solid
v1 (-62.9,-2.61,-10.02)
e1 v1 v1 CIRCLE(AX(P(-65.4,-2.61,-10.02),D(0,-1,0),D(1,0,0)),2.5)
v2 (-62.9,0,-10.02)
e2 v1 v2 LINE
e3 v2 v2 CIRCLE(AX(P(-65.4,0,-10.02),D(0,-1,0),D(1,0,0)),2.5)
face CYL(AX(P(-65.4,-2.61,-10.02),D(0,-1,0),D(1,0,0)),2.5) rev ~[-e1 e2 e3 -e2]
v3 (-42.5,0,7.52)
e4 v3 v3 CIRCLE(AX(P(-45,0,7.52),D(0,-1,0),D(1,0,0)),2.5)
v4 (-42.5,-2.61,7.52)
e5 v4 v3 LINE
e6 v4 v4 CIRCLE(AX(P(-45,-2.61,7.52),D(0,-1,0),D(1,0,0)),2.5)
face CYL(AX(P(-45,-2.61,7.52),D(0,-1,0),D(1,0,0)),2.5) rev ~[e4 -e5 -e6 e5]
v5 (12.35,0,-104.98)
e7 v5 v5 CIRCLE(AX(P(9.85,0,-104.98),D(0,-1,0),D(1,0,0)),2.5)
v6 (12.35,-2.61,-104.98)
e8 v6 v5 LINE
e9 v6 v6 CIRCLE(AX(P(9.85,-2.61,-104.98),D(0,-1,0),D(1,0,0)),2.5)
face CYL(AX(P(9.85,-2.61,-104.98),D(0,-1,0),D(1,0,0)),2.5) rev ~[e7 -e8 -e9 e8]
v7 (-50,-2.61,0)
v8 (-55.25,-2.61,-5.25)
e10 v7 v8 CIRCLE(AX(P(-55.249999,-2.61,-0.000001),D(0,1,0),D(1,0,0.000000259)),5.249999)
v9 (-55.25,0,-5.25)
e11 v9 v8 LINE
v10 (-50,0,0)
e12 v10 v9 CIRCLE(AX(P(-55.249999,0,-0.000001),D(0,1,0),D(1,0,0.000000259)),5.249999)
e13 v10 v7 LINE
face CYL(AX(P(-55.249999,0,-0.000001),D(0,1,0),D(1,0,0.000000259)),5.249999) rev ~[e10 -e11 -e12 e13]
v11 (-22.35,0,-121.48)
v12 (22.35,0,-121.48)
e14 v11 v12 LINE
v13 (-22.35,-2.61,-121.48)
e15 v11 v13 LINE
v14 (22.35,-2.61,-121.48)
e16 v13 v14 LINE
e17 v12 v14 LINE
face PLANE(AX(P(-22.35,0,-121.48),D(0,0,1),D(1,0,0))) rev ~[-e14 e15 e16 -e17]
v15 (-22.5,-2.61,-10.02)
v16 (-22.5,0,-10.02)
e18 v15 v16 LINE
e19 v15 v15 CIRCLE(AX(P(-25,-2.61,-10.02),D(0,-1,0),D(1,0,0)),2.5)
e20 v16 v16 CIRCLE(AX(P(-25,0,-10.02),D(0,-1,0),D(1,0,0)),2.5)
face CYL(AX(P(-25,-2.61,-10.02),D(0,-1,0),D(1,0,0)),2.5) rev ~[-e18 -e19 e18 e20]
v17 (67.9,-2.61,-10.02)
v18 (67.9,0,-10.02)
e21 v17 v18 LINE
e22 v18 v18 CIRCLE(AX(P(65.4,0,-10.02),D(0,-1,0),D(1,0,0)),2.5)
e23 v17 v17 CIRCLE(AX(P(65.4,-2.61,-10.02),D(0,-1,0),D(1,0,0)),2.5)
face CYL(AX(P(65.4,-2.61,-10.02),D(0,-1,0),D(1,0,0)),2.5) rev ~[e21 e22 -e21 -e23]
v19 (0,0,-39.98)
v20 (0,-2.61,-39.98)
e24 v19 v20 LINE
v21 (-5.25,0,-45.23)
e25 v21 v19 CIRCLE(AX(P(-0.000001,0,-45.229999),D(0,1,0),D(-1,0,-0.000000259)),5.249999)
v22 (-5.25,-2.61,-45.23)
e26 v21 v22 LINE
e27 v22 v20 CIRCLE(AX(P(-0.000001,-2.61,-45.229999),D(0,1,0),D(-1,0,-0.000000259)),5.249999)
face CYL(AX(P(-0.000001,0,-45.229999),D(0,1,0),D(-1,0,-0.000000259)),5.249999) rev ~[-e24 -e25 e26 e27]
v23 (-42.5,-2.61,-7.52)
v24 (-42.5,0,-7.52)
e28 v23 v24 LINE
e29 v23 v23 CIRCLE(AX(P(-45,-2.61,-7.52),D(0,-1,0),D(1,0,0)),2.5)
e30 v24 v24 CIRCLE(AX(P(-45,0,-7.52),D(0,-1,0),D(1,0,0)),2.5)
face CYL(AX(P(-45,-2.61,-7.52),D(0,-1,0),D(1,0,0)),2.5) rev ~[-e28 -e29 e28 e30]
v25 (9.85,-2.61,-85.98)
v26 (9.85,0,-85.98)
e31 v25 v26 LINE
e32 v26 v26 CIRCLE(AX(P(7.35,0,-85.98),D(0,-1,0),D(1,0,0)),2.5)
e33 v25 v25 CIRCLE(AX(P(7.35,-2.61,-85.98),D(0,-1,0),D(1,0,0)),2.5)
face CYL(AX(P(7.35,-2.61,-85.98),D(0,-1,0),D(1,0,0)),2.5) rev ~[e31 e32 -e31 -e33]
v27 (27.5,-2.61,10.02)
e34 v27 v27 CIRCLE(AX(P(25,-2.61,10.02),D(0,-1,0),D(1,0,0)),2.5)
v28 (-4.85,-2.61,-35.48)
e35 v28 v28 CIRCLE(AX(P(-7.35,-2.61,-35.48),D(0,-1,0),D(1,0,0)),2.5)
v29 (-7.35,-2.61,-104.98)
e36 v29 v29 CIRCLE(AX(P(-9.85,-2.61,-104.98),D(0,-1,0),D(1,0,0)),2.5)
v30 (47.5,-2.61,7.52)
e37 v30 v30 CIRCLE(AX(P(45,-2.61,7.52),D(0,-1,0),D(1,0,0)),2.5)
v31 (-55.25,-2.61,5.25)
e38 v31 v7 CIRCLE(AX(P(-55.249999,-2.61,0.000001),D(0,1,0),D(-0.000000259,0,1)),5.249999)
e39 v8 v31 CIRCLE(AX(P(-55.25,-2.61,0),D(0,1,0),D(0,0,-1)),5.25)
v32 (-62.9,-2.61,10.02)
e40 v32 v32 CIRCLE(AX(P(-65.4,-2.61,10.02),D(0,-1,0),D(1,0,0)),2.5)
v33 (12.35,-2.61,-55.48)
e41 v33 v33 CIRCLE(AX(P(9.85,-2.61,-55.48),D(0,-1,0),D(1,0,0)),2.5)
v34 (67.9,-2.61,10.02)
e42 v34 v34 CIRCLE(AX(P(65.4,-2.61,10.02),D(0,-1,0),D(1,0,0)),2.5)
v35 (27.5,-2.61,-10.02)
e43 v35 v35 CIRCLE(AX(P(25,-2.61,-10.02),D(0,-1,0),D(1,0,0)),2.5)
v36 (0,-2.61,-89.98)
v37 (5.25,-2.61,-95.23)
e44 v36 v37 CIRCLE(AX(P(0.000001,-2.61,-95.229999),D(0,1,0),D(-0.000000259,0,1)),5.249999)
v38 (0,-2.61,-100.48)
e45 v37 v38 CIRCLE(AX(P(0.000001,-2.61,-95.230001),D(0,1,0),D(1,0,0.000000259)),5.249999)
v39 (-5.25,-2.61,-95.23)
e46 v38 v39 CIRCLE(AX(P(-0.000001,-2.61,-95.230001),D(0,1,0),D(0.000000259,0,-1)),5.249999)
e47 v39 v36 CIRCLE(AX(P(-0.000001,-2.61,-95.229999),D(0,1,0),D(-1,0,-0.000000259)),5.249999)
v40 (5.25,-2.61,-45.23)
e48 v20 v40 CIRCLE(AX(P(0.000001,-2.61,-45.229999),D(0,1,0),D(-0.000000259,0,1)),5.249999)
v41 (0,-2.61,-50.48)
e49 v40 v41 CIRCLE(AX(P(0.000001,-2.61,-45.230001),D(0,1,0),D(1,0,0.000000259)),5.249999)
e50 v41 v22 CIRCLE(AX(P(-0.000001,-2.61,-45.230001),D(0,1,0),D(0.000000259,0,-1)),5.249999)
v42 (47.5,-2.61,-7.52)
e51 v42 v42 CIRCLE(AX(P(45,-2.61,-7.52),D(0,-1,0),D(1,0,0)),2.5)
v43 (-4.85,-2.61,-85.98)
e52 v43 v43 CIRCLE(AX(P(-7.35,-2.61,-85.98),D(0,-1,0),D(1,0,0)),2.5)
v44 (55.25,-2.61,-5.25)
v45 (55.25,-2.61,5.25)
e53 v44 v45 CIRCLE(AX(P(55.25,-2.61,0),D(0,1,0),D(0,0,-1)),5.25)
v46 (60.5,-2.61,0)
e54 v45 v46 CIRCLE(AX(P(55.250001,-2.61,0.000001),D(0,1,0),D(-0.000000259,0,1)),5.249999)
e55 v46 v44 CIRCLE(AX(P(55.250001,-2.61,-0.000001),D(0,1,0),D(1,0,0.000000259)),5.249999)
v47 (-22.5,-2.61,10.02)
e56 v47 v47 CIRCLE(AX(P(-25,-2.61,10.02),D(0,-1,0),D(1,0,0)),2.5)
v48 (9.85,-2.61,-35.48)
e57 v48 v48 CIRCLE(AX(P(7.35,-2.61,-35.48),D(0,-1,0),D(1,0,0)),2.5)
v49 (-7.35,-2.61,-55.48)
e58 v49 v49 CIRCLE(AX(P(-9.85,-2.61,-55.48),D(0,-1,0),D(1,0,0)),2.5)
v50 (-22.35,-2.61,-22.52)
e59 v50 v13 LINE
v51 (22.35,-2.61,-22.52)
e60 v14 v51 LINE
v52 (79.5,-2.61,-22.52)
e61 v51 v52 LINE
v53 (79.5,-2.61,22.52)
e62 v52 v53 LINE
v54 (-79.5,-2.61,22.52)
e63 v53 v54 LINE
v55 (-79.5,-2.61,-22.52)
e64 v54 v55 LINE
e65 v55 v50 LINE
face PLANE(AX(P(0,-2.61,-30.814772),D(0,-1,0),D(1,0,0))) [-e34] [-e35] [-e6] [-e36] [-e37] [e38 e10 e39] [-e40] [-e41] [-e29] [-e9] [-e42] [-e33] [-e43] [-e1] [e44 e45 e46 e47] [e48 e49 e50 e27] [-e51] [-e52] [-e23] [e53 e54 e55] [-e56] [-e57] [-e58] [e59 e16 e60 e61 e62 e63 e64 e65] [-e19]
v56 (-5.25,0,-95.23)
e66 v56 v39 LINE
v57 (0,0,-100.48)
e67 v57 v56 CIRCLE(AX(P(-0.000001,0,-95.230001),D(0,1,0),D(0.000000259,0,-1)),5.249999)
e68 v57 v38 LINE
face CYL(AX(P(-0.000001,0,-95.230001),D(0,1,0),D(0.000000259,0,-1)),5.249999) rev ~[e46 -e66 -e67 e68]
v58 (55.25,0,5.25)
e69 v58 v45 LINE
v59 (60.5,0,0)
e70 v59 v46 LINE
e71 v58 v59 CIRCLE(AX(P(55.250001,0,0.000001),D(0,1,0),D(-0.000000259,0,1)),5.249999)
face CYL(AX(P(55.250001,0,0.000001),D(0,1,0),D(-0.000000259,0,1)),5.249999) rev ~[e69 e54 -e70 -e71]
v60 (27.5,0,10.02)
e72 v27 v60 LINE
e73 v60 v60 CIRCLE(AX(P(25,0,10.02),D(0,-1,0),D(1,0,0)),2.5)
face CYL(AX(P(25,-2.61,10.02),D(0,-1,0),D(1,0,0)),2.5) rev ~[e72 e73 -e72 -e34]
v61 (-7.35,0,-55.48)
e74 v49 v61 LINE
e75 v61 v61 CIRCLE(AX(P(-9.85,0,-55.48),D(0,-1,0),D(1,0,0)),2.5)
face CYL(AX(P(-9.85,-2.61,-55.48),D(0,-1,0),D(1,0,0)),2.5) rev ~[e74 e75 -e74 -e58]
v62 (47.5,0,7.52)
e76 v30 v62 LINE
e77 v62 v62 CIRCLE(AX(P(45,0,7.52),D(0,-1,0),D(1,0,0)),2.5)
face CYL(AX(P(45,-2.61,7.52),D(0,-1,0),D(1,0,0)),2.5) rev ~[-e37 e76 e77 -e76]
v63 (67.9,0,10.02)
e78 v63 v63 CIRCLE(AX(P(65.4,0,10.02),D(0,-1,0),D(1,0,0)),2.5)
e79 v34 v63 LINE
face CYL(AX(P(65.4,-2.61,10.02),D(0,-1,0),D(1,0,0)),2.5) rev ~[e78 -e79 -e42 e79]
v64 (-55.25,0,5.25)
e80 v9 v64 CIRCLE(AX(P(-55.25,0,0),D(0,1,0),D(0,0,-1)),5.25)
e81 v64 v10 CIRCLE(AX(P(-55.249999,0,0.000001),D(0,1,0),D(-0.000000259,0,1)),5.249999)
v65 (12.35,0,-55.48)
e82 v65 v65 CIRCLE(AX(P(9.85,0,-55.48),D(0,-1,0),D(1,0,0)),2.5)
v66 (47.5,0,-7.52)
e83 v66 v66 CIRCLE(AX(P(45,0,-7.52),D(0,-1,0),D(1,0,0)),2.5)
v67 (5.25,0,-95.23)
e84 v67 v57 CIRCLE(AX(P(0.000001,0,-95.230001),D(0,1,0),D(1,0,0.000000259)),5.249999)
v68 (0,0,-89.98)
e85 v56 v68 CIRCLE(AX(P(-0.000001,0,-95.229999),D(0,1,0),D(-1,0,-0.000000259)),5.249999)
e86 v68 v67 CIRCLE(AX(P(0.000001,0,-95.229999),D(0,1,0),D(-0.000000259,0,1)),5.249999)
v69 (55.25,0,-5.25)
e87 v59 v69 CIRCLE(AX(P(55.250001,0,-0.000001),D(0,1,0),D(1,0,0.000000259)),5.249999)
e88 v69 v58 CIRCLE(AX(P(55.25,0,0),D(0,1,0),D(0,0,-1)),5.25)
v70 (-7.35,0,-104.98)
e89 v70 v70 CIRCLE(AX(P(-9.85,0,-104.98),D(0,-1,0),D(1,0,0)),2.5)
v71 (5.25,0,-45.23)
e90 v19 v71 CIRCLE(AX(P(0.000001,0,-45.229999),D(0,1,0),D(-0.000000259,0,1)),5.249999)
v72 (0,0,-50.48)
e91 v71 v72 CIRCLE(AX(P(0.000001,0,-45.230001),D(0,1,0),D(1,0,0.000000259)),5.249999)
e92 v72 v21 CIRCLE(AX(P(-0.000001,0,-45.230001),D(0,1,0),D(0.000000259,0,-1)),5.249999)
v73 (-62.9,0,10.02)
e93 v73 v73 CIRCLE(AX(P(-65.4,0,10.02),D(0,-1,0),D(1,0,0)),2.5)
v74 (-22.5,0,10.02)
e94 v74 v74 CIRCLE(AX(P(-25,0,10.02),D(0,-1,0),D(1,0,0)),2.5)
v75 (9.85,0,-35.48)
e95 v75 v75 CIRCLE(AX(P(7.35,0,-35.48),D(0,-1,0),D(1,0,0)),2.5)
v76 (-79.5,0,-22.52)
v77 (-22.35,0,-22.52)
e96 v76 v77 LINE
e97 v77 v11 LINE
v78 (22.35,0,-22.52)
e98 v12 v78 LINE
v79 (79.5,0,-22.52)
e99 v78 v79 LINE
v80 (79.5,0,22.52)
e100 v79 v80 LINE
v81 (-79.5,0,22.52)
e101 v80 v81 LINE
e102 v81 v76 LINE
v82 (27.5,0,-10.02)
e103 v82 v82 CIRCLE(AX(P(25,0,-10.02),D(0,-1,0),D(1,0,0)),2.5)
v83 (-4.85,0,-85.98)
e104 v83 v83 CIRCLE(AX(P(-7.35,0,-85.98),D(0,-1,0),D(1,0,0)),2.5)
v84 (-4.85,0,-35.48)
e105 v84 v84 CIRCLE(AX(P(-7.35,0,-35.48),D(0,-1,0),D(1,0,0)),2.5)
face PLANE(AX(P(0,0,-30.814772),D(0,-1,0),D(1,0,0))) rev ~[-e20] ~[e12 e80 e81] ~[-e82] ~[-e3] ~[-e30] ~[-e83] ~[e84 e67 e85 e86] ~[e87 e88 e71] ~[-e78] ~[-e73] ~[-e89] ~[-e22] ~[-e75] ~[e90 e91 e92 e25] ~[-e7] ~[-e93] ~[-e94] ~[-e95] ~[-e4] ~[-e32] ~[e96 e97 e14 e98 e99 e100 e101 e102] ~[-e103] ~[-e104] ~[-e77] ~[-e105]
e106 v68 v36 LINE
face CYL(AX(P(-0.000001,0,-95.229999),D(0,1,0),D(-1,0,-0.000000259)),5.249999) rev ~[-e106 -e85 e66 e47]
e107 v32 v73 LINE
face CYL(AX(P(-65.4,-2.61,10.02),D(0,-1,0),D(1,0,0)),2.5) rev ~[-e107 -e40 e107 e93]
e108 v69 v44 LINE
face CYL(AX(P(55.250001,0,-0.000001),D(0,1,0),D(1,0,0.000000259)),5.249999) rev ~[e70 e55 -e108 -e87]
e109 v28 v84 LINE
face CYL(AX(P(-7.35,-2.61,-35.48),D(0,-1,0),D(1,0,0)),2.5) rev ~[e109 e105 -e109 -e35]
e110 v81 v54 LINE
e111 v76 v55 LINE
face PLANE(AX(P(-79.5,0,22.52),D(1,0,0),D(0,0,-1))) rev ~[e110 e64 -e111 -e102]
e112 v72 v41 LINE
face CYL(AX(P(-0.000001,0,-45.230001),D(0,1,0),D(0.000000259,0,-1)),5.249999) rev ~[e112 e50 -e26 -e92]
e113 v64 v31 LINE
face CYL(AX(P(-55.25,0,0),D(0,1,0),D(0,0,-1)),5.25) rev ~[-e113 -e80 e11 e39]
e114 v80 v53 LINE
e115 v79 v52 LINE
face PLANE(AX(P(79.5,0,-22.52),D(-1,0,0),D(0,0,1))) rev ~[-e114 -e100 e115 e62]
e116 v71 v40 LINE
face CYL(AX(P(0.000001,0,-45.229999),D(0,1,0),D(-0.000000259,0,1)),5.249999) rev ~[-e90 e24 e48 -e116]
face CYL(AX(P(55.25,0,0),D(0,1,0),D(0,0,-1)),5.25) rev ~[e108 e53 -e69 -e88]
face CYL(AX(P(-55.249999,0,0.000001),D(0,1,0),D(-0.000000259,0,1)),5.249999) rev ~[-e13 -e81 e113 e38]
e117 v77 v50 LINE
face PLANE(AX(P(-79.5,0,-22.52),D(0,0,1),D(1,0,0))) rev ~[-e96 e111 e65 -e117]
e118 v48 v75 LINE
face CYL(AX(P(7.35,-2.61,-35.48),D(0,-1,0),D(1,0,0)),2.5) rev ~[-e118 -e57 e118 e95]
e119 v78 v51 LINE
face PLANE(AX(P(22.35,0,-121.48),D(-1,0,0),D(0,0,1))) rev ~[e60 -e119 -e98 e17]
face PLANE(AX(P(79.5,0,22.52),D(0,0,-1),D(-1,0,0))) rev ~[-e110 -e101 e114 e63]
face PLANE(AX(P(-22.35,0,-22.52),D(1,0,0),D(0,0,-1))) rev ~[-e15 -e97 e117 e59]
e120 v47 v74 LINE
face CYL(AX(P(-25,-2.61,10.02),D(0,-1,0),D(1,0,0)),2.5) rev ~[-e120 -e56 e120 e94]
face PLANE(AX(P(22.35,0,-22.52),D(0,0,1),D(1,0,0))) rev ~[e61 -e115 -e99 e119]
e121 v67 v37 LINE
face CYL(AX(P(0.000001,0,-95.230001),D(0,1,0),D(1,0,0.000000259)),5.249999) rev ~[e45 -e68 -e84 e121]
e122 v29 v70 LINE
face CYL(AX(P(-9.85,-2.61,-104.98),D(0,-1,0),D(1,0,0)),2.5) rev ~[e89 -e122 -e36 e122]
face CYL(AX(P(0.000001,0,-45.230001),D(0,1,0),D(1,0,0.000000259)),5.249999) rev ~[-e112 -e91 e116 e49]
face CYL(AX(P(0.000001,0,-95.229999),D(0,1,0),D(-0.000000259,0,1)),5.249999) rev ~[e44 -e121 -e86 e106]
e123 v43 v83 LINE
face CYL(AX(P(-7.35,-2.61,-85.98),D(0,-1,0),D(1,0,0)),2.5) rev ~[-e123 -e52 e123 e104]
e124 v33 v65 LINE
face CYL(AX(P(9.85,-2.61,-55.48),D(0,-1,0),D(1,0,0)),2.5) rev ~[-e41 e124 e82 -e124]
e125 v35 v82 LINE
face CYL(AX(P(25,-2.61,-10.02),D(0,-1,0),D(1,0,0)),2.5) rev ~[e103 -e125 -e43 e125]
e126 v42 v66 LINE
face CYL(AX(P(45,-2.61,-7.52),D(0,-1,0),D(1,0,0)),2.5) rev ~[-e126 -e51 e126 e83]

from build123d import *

# Parameters (mm, degrees)
F1_DEPTH = 2.61
F2_R     = 2.5
F3_DEPTH = 2.611


with BuildPart() as f1:
    # F0 (on Front) → F1 (new body)
    with BuildSketch(Plane.XZ):
        Polygon((79.5, -22.52), (79.5, 22.52), (-79.5, 22.52), (-79.5, -22.52), (-22.35, -22.52), (-22.35, -121.48), (22.35, -121.48), (22.35, -22.52), align=None)
        with BuildLine():
            ThreePointArc((0, -89.98), (3.712311, -91.517689), (5.25, -95.23))
            ThreePointArc((5.25, -95.23), (3.712311, -98.942311), (0, -100.48))
            ThreePointArc((0, -100.48), (-3.712311, -98.942311), (-5.25, -95.23))
            ThreePointArc((-5.25, -95.23), (-3.712311, -91.517689), (0, -89.98))
        make_face(mode=Mode.SUBTRACT)
        with BuildLine():
            ThreePointArc((-55.25, 5.25), (-51.537689, 3.712311), (-50, 0))
            ThreePointArc((-50, 0), (-51.537689, -3.712311), (-55.25, -5.25))
            ThreePointArc((-55.25, -5.25), (-60.5, 0), (-55.25, 5.25))
        make_face(mode=Mode.SUBTRACT)
        with BuildLine():
            ThreePointArc((-5.25, -45.23), (-3.712311, -41.517689), (0, -39.98))
            ThreePointArc((0, -39.98), (3.712311, -41.517689), (5.25, -45.23))
            ThreePointArc((5.25, -45.23), (3.712311, -48.942311), (0, -50.48))
            ThreePointArc((0, -50.48), (-3.712311, -48.942311), (-5.25, -45.23))
        make_face(mode=Mode.SUBTRACT)
        with BuildLine():
            ThreePointArc((55.25, 5.25), (58.962311, 3.712311), (60.5, 0))
            ThreePointArc((60.5, 0), (58.962311, -3.712311), (55.25, -5.25))
            ThreePointArc((55.25, -5.25), (50, 0), (55.25, 5.25))
        make_face(mode=Mode.SUBTRACT)
    extrude(amount=F1_DEPTH)

    # F2 (on face) → F3 (cut, through all)
    with BuildSketch(Plane.XZ.offset(2.61)):
        with Locations((65.4, 10.02)):
            Circle(F2_R)
        with Locations((65.4, -10.02)):
            Circle(F2_R)
        with Locations((45, 7.52)):
            Circle(F2_R)
        with Locations((45, -7.52)):
            Circle(F2_R)
        with Locations((25, 10.02)):
            Circle(F2_R)
        with Locations((25, -10.02)):
            Circle(F2_R)
        with Locations((-25, 10.02)):
            Circle(F2_R)
        with Locations((-25, -10.02)):
            Circle(F2_R)
        with Locations((-45, 7.52)):
            Circle(F2_R)
        with Locations((-45, -7.52)):
            Circle(F2_R)
        with Locations((-65.4, -10.02)):
            Circle(F2_R)
        with Locations((-65.4, 10.02)):
            Circle(F2_R)
        with Locations((9.85, -55.48)):
            Circle(F2_R)
        with Locations((-9.85, -55.48)):
            Circle(F2_R)
        with Locations((-9.85, -104.98)):
            Circle(F2_R)
        with Locations((9.85, -104.98)):
            Circle(F2_R)
        with Locations((-7.35, -35.48)):
            Circle(F2_R)
        with Locations((7.35, -35.48)):
            Circle(F2_R)
        with Locations((7.35, -85.98)):
            Circle(F2_R)
        with Locations((-7.35, -85.98)):
            Circle(F2_R)
    extrude(amount=-F3_DEPTH, mode=Mode.SUBTRACT)


solid = f1.part
